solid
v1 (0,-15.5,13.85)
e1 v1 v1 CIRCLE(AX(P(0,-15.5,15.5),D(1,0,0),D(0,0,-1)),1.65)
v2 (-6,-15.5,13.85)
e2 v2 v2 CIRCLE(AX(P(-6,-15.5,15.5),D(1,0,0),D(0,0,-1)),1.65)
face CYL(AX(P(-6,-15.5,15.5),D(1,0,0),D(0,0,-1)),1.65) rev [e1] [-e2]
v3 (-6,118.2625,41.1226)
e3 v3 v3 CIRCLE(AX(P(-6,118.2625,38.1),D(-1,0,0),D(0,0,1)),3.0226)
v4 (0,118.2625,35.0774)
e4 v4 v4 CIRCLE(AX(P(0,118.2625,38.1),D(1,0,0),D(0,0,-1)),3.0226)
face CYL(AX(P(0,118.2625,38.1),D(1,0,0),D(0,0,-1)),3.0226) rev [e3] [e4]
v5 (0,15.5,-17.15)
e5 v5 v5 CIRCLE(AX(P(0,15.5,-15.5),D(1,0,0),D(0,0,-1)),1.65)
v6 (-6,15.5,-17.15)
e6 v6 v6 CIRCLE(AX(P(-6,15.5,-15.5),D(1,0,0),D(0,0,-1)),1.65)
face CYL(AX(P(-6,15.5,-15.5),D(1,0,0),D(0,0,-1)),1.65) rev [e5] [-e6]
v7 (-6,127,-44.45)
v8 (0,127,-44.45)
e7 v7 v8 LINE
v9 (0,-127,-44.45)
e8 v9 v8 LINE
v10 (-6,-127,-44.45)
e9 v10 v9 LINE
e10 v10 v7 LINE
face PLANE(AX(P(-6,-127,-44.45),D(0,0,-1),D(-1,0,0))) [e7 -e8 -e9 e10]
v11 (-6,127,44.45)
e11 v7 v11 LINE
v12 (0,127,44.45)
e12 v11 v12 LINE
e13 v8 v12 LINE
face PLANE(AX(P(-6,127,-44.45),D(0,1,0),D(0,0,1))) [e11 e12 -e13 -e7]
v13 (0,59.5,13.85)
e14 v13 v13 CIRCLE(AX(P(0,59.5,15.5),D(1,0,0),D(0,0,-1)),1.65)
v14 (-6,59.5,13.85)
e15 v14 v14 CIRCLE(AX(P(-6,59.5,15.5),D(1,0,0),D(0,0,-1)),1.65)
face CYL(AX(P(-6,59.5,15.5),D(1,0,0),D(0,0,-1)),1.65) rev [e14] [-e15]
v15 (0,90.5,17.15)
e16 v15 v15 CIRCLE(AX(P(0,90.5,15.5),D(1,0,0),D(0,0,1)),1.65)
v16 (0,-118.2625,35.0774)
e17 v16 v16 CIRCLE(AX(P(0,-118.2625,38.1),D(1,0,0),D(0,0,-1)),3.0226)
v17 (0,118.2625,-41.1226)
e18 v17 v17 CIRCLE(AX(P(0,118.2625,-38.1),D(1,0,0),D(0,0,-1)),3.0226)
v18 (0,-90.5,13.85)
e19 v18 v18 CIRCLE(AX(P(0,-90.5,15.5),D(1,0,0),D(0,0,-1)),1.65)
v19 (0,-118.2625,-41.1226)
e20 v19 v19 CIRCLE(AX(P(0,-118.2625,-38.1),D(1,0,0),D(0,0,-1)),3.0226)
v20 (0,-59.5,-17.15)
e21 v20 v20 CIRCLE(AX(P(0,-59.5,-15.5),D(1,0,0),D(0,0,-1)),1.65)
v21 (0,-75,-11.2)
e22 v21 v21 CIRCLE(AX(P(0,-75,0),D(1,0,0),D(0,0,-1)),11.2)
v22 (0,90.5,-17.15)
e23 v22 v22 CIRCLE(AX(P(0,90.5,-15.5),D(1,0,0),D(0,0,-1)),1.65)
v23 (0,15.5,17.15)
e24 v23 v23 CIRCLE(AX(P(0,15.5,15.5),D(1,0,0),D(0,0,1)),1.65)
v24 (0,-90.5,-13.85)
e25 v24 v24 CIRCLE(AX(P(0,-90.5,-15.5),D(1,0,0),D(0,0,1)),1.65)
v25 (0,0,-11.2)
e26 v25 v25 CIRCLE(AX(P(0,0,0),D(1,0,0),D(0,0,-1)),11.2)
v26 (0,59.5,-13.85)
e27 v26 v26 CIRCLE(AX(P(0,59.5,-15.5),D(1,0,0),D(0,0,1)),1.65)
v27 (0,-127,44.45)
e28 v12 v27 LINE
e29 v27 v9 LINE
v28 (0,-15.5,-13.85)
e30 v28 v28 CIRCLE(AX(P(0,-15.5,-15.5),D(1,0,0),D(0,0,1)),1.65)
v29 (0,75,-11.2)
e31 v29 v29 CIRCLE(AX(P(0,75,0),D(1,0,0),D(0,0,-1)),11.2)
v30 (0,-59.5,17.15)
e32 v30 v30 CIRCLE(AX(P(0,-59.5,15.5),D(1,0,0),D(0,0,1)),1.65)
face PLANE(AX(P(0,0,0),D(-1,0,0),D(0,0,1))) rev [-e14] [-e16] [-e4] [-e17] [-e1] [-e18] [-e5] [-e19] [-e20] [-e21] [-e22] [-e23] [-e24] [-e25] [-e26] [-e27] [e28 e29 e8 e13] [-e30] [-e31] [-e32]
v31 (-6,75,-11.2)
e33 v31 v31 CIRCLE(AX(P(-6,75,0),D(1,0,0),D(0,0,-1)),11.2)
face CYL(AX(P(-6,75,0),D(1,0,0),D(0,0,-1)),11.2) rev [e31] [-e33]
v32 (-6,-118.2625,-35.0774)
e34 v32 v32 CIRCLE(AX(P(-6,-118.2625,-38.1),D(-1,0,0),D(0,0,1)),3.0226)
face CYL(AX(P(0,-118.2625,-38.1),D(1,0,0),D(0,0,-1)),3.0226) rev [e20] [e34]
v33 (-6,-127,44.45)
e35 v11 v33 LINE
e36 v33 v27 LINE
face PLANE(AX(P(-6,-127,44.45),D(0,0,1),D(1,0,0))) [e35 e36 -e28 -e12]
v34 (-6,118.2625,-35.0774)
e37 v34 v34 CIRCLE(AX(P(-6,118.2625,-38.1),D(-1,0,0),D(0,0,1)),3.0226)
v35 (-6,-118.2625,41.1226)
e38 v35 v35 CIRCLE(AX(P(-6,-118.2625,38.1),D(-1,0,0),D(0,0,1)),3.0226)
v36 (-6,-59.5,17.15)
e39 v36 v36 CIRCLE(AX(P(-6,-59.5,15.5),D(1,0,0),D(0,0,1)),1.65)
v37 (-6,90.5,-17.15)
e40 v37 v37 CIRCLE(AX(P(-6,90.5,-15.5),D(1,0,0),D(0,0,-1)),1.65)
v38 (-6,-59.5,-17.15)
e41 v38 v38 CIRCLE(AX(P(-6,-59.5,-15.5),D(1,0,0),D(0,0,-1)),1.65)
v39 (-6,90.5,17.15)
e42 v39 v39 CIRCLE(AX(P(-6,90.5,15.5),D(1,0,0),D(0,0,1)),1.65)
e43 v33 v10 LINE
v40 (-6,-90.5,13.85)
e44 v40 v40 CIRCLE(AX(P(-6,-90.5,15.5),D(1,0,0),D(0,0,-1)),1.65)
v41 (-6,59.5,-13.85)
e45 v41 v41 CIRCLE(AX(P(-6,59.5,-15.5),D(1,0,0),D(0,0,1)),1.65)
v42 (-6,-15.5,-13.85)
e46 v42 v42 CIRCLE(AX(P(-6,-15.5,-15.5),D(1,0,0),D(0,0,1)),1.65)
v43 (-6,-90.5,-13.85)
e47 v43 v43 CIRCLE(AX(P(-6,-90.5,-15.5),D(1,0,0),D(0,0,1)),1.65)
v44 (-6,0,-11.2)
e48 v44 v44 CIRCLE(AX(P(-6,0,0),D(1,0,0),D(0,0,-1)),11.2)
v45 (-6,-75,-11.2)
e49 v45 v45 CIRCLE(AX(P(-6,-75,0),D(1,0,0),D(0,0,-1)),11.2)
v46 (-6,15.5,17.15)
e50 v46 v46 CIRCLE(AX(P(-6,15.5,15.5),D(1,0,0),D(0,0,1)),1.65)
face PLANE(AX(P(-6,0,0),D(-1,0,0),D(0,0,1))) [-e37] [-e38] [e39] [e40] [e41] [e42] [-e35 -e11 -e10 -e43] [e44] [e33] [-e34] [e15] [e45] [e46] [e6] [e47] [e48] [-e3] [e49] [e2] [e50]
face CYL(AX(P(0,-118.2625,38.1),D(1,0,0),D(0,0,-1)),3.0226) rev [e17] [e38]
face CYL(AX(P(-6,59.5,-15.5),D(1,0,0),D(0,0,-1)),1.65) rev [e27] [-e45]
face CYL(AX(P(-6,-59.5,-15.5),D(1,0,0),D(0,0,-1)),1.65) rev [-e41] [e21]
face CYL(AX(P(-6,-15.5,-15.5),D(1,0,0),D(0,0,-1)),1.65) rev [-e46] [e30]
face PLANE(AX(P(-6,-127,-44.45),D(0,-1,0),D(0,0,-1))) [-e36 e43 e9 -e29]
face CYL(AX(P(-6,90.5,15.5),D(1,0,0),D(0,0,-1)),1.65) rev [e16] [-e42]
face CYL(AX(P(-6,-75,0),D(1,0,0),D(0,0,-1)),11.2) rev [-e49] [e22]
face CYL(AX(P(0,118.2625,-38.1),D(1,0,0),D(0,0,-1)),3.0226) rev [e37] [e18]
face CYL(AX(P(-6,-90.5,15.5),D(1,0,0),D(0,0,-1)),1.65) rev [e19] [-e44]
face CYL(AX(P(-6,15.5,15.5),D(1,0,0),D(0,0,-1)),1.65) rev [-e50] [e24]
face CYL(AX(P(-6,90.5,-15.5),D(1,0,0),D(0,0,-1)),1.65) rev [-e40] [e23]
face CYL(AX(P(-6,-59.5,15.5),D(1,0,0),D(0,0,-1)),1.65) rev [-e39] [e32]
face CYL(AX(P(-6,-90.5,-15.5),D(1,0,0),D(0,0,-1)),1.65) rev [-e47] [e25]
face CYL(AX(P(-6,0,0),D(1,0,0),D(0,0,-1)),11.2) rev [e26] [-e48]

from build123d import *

# Parameters (mm, degrees)
SKETCH1_W              = 254
SKETCH1_H              = 88.9
BOSS_EXTRUDE1_DEPTH    = 6
F_10_CLEARANCE_HOLE1_D = 6.0452
SKETCH4_R              = 11.2
SKETCH4_R_2            = 1.65
CUT_EXTRUDE1_DEPTH     = 135.687796403


with BuildPart() as part:
    # Sketch1 → Boss-Extrude1 (new body)
    with BuildSketch(Plane.YZ):
        Rectangle(SKETCH1_W, SKETCH1_H)
    extrude(amount=-BOSS_EXTRUDE1_DEPTH)

    # #10 Clearance Hole1 (through all)
    with Locations(Plane.YZ):
        with Locations((118.2625, 38.1), (-118.2625, 38.1), (-118.2625, -38.1), (118.2625, -38.1)):
            Hole(F_10_CLEARANCE_HOLE1_D / 2)

    # Sketch4 → Cut-Extrude1 (cut, through all)
    with BuildSketch(Plane.YZ):
        with Locations(Location((0, 0, 0), (0, 0, 270))):
            Circle(SKETCH4_R)
        with Locations(Location((-15.5, 15.5, 0), (0, 0, 270))):
            Circle(SKETCH4_R_2)
        with Locations(Location((15.5, 15.5, 0), (0, 0, 90))):
            Circle(SKETCH4_R_2)
        with Locations(Location((15.5, -15.5, 0), (0, 0, 270))):
            Circle(SKETCH4_R_2)
        with Locations(Location((-15.5, -15.5, 0), (0, 0, 90))):
            Circle(SKETCH4_R_2)
        with Locations(Location((75, 0, 0), (0, 0, 270))):
            Circle(SKETCH4_R)
        with Locations(Location((59.5, 15.5, 0), (0, 0, 270))):
            Circle(SKETCH4_R_2)
        with Locations(Location((90.5, 15.5, 0), (0, 0, 90))):
            Circle(SKETCH4_R_2)
        with Locations(Location((90.5, -15.5, 0), (0, 0, 270))):
            Circle(SKETCH4_R_2)
        with Locations(Location((59.5, -15.5, 0), (0, 0, 90))):
            Circle(SKETCH4_R_2)
        with Locations(Location((-75, 0, 0), (0, 0, 270))):
            Circle(SKETCH4_R)
        with Locations(Location((-90.5, -15.5, 0), (0, 0, 90))):
            Circle(SKETCH4_R_2)
        with Locations(Location((-59.5, -15.5, 0), (0, 0, 270))):
            Circle(SKETCH4_R_2)
        with Locations(Location((-59.5, 15.5, 0), (0, 0, 90))):
            Circle(SKETCH4_R_2)
        with Locations(Location((-90.5, 15.5, 0), (0, 0, 270))):
            Circle(SKETCH4_R_2)
    extrude(amount=-CUT_EXTRUDE1_DEPTH, mode=Mode.SUBTRACT)


solid = part.part
